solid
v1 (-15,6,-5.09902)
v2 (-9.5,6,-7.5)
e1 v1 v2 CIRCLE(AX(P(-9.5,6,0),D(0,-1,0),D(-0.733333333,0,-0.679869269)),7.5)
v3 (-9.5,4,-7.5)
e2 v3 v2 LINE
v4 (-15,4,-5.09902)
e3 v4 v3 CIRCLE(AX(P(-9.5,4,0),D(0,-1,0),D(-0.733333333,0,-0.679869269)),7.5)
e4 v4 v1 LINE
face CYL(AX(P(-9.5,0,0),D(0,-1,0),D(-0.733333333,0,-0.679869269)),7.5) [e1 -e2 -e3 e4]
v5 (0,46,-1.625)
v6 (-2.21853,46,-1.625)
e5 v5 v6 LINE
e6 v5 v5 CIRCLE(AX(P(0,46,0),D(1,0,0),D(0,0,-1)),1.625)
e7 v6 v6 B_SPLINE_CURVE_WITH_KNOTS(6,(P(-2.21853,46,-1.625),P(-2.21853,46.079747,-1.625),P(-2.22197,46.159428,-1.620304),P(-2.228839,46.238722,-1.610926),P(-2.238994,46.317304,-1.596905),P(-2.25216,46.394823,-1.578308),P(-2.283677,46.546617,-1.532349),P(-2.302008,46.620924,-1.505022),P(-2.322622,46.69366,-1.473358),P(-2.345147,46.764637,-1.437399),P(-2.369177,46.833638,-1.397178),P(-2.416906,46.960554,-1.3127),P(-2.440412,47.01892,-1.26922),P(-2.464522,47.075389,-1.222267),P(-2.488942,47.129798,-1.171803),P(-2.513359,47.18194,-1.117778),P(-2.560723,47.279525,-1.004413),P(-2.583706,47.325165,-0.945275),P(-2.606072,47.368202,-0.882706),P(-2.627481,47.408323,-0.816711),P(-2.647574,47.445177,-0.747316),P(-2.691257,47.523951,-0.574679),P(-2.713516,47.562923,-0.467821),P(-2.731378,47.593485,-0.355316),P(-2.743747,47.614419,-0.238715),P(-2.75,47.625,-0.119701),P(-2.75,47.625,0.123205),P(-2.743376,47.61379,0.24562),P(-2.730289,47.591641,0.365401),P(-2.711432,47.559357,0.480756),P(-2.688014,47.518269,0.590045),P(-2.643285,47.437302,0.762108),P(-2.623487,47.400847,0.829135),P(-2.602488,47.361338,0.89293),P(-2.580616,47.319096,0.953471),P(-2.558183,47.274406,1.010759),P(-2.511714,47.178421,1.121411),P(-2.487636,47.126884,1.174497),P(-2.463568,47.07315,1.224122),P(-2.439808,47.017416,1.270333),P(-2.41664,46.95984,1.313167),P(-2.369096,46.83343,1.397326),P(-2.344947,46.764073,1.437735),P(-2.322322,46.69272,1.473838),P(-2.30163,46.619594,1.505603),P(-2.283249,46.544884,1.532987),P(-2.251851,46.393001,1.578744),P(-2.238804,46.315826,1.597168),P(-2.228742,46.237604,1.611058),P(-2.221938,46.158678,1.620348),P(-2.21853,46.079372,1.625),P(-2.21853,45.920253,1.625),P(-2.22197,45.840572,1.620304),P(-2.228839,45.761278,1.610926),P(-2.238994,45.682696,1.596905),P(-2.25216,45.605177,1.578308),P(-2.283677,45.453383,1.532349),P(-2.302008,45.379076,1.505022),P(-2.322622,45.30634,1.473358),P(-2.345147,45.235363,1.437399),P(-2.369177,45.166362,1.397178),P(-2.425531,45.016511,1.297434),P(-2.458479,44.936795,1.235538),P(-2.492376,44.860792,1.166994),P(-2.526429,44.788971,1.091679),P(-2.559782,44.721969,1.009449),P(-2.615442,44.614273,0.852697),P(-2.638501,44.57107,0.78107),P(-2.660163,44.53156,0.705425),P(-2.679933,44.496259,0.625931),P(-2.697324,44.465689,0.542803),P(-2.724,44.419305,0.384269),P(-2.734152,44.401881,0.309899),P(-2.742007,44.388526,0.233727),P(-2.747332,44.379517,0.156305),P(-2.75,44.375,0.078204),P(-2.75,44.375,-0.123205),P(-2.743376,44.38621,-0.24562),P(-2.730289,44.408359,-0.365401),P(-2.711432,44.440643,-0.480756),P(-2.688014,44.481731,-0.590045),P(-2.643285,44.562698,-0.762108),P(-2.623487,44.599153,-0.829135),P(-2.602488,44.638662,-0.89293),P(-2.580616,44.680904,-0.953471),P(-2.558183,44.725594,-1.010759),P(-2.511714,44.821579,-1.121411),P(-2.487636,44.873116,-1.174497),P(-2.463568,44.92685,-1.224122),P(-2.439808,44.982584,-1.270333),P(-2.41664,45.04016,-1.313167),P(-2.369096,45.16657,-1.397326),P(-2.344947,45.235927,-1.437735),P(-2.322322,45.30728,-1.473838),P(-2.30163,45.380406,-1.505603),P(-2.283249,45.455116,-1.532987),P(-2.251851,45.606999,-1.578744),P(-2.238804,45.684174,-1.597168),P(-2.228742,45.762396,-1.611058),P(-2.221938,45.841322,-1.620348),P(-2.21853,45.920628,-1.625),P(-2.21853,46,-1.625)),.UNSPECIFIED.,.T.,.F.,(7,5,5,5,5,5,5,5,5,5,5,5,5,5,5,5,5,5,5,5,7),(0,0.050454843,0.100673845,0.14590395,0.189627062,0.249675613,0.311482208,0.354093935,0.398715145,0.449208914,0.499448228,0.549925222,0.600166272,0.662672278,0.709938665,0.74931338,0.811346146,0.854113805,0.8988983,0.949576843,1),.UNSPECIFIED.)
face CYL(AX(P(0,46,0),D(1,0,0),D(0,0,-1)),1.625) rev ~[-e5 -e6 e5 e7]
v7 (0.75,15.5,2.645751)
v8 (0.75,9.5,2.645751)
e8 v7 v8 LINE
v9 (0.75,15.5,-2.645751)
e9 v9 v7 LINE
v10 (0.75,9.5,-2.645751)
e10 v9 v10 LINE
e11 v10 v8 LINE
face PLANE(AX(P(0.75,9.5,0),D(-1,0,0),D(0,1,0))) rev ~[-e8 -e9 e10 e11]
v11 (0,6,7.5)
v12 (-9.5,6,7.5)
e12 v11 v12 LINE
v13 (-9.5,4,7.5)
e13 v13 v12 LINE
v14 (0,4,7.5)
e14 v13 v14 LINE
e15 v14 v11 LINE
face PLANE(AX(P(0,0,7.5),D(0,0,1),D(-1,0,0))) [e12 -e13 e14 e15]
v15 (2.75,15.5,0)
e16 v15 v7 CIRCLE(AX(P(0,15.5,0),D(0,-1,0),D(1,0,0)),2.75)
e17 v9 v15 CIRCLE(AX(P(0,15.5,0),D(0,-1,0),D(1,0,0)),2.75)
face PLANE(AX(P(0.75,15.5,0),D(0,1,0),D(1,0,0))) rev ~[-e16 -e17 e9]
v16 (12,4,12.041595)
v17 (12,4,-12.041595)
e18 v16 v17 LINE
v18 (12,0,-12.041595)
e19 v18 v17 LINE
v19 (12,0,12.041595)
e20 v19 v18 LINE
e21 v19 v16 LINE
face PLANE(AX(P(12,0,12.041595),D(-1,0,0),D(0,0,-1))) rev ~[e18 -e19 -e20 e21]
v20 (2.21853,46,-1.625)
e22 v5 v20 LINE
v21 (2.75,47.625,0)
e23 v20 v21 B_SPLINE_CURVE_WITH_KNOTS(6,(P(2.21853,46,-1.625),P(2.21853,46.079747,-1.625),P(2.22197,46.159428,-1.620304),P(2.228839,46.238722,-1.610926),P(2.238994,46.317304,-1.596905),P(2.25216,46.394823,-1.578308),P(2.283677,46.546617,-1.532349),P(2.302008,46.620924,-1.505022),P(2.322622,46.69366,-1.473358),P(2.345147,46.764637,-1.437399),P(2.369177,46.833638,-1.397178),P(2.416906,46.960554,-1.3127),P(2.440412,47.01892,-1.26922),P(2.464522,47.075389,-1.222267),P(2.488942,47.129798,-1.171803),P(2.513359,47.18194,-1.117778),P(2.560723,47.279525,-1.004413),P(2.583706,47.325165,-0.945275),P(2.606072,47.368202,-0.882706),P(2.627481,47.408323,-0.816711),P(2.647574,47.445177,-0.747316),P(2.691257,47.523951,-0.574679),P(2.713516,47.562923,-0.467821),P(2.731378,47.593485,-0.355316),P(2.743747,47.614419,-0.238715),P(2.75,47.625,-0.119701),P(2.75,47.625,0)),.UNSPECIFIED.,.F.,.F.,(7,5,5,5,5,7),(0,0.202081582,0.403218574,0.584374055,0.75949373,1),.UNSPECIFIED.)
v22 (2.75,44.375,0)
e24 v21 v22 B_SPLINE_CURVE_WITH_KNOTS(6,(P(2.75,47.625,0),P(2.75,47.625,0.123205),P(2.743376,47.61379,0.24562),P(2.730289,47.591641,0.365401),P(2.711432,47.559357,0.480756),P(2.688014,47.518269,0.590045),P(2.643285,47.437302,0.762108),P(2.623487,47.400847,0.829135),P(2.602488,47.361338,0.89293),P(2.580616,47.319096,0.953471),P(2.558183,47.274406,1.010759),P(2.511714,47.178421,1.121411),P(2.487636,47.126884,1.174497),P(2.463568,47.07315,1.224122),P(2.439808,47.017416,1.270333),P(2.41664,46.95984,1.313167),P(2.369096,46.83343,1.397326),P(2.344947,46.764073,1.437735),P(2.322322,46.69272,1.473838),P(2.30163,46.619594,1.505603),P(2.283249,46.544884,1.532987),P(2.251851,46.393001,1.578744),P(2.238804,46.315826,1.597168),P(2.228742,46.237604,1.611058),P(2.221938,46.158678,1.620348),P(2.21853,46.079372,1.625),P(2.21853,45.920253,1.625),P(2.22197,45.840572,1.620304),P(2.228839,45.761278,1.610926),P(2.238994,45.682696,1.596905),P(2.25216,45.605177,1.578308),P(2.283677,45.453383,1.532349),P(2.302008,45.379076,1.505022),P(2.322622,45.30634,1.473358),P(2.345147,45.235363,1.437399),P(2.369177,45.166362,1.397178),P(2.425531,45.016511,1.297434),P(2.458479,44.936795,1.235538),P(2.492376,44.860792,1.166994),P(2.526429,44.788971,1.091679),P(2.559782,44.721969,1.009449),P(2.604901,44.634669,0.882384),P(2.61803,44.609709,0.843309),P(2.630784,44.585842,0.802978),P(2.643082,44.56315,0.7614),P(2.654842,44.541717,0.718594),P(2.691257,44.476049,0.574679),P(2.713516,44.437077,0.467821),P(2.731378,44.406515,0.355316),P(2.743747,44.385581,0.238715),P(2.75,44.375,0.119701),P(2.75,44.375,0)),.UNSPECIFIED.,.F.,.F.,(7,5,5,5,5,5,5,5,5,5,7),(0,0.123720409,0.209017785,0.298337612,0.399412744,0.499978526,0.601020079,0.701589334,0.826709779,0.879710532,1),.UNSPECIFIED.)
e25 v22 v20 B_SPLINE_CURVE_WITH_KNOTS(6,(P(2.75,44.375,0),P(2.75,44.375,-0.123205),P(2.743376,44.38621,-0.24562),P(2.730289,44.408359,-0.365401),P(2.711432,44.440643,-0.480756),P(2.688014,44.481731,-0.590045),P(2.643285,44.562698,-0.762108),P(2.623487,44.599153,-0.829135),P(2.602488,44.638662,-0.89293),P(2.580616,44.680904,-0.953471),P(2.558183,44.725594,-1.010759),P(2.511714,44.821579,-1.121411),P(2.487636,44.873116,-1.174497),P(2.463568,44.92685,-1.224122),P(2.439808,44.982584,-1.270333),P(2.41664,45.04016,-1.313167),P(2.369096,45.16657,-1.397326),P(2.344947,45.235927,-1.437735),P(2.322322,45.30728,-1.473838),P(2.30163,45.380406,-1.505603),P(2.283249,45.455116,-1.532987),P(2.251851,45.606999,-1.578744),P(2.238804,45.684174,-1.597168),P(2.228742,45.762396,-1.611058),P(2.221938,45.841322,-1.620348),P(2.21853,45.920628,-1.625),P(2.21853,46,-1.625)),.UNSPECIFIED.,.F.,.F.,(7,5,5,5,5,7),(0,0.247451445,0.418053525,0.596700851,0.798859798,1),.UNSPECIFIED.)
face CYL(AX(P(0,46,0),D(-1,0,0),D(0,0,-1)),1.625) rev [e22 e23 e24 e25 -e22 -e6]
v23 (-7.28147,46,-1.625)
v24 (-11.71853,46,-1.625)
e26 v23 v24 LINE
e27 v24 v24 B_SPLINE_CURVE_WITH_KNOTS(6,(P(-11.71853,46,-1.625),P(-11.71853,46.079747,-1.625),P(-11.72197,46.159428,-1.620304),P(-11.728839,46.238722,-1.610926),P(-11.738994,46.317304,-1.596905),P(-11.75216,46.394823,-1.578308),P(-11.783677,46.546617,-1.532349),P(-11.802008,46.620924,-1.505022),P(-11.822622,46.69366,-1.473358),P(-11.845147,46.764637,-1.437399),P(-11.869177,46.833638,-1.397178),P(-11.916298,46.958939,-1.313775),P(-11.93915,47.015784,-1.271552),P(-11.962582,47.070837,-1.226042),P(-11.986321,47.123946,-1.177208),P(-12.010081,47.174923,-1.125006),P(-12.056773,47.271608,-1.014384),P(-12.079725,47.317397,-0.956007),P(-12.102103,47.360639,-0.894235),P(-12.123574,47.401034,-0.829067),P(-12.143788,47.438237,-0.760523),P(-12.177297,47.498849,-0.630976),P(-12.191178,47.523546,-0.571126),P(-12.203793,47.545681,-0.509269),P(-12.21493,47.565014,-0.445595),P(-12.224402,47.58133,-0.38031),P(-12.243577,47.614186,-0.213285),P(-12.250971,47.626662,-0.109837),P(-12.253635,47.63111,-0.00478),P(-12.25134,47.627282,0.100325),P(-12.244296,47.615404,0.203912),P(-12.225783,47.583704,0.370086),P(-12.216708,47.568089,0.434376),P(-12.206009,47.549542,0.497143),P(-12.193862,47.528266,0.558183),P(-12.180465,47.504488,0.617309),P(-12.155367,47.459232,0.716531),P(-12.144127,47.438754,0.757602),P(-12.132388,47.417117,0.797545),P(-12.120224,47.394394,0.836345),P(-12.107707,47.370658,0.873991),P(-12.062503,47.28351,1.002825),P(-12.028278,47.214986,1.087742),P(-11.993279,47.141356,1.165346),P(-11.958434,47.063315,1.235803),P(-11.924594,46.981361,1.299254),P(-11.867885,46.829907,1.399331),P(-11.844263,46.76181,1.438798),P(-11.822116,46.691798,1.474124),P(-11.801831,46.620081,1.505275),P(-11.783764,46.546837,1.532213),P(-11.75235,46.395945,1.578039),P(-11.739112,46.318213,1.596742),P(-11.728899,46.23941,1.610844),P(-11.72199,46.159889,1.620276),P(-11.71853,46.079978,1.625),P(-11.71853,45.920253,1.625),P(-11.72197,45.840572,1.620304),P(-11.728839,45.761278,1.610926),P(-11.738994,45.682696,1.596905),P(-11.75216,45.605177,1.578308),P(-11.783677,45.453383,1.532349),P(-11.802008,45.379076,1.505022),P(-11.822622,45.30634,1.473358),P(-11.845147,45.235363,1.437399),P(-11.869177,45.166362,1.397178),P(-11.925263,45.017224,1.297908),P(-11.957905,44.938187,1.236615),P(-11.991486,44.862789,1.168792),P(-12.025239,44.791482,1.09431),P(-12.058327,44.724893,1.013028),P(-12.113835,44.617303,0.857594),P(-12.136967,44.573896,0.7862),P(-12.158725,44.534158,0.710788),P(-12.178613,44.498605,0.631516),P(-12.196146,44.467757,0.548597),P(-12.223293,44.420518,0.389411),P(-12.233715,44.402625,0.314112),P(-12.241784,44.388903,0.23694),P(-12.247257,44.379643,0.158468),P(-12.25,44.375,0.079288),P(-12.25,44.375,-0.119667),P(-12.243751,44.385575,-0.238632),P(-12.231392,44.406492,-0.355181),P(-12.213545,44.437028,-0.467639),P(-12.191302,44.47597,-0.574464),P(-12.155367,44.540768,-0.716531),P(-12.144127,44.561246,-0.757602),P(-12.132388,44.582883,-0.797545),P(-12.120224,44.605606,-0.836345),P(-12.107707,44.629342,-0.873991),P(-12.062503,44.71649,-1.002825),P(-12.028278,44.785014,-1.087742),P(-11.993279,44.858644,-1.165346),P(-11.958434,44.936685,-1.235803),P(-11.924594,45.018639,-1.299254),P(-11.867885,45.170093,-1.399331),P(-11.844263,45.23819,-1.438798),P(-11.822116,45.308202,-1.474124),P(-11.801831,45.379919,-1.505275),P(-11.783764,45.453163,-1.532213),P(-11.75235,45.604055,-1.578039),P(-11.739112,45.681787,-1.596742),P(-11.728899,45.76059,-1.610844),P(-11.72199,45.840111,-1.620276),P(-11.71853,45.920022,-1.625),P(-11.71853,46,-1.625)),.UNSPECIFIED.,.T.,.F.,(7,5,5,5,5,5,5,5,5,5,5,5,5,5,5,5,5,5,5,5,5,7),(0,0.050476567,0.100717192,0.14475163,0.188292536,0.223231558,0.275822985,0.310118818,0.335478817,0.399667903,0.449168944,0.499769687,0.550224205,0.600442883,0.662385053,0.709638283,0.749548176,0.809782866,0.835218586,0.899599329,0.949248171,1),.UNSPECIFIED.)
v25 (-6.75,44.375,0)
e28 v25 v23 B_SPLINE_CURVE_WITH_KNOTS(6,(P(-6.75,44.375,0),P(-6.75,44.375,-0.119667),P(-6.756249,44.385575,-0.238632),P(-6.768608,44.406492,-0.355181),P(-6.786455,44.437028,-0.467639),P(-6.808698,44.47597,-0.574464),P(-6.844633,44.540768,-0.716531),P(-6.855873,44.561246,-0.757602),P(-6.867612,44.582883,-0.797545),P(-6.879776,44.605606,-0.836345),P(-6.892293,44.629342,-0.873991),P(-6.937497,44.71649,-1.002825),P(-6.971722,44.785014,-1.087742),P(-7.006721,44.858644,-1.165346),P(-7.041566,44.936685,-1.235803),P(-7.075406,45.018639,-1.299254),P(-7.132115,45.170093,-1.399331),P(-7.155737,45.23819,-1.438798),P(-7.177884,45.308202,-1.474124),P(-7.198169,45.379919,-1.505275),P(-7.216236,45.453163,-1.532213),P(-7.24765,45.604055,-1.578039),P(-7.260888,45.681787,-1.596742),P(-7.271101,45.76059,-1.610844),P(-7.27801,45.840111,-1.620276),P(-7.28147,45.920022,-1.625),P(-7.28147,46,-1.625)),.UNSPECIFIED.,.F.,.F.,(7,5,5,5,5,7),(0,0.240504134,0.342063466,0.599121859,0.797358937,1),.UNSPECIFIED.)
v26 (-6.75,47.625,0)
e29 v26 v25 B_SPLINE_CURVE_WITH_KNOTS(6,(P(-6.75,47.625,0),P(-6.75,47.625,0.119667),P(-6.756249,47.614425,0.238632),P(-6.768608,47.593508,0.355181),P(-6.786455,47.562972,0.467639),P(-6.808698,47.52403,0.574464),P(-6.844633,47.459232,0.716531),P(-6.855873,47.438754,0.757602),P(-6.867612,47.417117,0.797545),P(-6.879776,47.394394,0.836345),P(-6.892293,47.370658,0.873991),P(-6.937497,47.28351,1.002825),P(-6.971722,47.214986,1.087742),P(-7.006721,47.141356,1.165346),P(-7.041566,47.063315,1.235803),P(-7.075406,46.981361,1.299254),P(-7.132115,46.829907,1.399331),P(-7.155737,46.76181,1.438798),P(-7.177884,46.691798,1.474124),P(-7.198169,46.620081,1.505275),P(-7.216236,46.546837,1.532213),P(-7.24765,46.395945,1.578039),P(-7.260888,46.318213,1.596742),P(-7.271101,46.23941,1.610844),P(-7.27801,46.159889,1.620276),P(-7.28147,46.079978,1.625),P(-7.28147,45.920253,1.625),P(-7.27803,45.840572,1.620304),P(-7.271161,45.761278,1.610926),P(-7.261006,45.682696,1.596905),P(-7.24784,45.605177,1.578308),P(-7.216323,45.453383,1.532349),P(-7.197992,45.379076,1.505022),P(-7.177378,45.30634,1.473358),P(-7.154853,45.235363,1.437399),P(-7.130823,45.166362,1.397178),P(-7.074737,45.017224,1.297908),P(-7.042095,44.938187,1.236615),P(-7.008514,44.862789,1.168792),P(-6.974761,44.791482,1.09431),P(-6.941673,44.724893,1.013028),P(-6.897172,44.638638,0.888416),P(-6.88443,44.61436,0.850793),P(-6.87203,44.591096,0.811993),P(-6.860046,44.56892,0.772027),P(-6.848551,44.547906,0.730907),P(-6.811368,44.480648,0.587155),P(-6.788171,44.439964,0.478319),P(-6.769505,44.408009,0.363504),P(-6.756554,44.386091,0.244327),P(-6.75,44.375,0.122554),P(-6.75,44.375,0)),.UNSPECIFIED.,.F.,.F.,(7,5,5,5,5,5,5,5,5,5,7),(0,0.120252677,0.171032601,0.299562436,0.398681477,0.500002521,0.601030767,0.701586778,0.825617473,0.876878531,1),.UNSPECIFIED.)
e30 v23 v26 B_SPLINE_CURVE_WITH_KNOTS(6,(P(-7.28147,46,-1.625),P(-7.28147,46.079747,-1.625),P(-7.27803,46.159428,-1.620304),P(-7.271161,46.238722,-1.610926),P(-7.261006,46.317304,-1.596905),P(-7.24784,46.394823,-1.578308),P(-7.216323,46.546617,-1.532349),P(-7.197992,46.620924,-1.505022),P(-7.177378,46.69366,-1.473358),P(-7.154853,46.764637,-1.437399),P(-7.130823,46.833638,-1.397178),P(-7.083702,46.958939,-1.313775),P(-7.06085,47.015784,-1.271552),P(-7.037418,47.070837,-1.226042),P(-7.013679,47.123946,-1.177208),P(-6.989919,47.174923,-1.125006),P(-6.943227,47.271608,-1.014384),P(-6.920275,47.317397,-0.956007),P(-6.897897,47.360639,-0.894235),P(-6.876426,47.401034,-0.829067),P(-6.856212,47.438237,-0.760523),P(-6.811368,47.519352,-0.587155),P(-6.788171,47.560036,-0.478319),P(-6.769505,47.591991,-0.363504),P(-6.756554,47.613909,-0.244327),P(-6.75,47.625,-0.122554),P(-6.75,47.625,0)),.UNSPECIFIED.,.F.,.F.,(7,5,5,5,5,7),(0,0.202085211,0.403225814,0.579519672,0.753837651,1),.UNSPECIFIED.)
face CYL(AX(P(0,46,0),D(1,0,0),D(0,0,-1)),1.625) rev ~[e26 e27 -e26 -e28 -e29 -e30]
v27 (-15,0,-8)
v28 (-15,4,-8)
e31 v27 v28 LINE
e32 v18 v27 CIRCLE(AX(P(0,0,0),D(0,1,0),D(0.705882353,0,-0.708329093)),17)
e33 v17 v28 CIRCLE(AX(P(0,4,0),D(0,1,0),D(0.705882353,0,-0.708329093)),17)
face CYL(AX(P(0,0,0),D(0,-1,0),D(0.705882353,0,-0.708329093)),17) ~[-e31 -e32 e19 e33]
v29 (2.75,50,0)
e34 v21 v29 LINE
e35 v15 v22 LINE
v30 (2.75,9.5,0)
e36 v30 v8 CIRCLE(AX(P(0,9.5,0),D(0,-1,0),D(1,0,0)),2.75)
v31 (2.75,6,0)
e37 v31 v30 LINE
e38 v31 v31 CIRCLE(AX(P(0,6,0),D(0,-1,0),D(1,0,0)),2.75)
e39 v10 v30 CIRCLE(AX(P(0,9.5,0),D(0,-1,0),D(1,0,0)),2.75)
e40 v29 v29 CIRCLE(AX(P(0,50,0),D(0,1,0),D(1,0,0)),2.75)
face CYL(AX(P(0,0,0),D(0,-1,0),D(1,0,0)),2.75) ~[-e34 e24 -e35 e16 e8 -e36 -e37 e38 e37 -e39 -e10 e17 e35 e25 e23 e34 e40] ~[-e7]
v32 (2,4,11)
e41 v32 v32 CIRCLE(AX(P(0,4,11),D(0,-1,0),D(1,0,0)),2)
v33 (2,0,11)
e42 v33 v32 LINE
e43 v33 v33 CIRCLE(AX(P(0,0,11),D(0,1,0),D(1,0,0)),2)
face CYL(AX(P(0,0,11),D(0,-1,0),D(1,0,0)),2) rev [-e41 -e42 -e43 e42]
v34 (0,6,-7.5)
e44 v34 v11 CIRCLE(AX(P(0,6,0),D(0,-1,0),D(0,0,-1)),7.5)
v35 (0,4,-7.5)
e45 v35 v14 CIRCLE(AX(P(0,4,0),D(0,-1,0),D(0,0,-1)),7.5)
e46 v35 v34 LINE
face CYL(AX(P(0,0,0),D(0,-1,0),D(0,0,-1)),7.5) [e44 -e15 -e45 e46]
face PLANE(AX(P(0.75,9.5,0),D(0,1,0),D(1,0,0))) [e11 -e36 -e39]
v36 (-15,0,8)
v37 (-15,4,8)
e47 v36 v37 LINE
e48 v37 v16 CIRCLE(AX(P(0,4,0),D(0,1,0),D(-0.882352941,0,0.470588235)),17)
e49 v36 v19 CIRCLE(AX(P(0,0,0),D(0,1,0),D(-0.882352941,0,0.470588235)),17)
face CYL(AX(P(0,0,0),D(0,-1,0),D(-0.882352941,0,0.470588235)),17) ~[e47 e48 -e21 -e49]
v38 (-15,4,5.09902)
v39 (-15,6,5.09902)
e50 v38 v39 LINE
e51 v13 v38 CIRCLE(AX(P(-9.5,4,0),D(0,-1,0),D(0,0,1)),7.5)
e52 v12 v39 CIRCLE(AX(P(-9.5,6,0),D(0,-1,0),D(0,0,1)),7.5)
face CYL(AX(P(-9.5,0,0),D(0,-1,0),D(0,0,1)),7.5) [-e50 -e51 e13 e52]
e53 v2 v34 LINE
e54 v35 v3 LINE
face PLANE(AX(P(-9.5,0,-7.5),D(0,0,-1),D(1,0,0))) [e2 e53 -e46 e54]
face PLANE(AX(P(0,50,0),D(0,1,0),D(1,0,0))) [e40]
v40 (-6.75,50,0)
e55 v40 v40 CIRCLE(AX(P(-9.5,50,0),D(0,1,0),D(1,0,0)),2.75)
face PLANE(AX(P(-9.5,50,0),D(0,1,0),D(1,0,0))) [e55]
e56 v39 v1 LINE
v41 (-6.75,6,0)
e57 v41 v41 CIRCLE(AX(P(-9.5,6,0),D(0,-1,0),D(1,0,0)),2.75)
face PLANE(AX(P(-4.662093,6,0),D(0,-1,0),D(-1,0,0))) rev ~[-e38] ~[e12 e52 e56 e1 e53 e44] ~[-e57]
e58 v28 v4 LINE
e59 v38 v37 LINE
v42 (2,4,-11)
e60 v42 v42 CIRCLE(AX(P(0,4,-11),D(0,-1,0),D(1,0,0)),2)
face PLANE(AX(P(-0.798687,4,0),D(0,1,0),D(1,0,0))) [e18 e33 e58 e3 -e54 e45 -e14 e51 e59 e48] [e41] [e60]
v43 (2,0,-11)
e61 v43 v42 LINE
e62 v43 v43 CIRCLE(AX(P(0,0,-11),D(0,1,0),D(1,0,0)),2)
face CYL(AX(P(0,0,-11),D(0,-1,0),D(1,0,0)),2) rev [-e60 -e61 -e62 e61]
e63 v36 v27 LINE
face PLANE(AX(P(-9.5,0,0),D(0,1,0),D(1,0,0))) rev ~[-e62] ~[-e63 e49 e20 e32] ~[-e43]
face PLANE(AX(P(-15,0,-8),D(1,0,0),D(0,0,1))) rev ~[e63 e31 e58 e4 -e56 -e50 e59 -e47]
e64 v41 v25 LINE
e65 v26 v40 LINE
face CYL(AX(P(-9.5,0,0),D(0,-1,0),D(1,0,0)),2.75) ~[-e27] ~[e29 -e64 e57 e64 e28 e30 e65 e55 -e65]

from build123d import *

# Parameters (mm, degrees)
BOSS_EXTRUDE1_DEPTH     = 4
SKETCH2_R               = 2.75
BOSS_EXTRUDE2_DEPTH     = 50
SKETCH3_W               = 2
SKETCH3_H               = 6
CUT_EXTRUDE1_DEPTH      = 18
CUT_EXTRUDE1_DEPTH_BACK = 18
BOSS_EXTRUDE3_DEPTH     = 6
SKETCH7_R               = 2
CUT_EXTRUDE3_DEPTH      = 10
SKETCH8_R               = 2.75
BOSS_EXTRUDE4_DEPTH     = 50
SKETCH6_R               = 1.625
CUT_EXTRUDE2_DEPTH      = 13
CUT_EXTRUDE2_DEPTH_BACK = 16


with BuildPart() as part:
    # Sketch1 → Boss-Extrude1 (new body)
    with BuildSketch(Plane(origin=(0, 0, 0), x_dir=(1, 0, 0), z_dir=(0, 1, 0))):
        with BuildLine():
            Line((-15, 8), (-15, -8))
            ThreePointArc((-15, -8), (-2.516668767, -16.812685042), (12, -12.041594579))
            Line((12, -12.041594579), (12, 12.041594579))
            ThreePointArc((12, 12.041594579), (-2.516668767, 16.812685042), (-15, 8))
        make_face()
    extrude(amount=BOSS_EXTRUDE1_DEPTH)

    # Sketch2 → Boss-Extrude2 (add)
    with BuildSketch(Plane(origin=(0, 0, 0), x_dir=(1, 0, 0), z_dir=(0, 1, 0))):
        Circle(SKETCH2_R)
    extrude(amount=BOSS_EXTRUDE2_DEPTH)

    # Sketch3 → Cut-Extrude1 (cut, two sides)
    with BuildSketch(Plane.XY) as cut_extrude1_sk:
        with Locations((1.75, 12.5)):
            Rectangle(SKETCH3_W, SKETCH3_H)
    extrude(amount=CUT_EXTRUDE1_DEPTH, mode=Mode.SUBTRACT)
    extrude(cut_extrude1_sk.sketch, amount=-CUT_EXTRUDE1_DEPTH_BACK, mode=Mode.SUBTRACT)

    # Sketch4 → Boss-Extrude3 (add)
    with BuildSketch(Plane(origin=(0, 0, 0), x_dir=(1, 0, 0), z_dir=(0, 1, 0))):
        with BuildLine():
            Line((0, -7.5), (-9.5, -7.5))
            ThreePointArc((-9.5, -7.5), (-12.500612741, -6.873596088), (-15, -5.099019514))
            Line((-15, -5.099019514), (-15, 5.099019514))
            ThreePointArc((-15, 5.099019514), (-12.500612741, 6.873596088), (-9.5, 7.5))
            Line((-9.5, 7.5), (0, 7.5))
            ThreePointArc((0, 7.5), (7.5, 0), (0, -7.5))
        make_face()
    extrude(amount=BOSS_EXTRUDE3_DEPTH)

    # Sketch7 → Cut-Extrude3 (cut)
    with BuildSketch(Plane(origin=(0, 0, 0), x_dir=(1, 0, 0), z_dir=(0, 1, 0))):
        with Locations((0, 11)):
            Circle(SKETCH7_R)
        with Locations((0, -11)):
            Circle(SKETCH7_R)
    extrude(amount=CUT_EXTRUDE3_DEPTH, mode=Mode.SUBTRACT)

    # Sketch8 → Boss-Extrude4 (add)
    with BuildSketch(Plane(origin=(0, 0, 0), x_dir=(1, 0, 0), z_dir=(0, 1, 0))):
        with Locations((-9.5, 0)):
            Circle(SKETCH8_R)
    extrude(amount=BOSS_EXTRUDE4_DEPTH)

    # Sketch6 → Cut-Extrude2 (cut, two sides)
    with BuildSketch(Plane(origin=(0, 0, 0), x_dir=(0, 0, -1), z_dir=(1, 0, 0))) as cut_extrude2_sk:
        with Locations((0, 46)):
            Circle(SKETCH6_R)
    extrude(amount=CUT_EXTRUDE2_DEPTH, mode=Mode.SUBTRACT)
    extrude(cut_extrude2_sk.sketch, amount=-CUT_EXTRUDE2_DEPTH_BACK, mode=Mode.SUBTRACT)


solid = part.part
